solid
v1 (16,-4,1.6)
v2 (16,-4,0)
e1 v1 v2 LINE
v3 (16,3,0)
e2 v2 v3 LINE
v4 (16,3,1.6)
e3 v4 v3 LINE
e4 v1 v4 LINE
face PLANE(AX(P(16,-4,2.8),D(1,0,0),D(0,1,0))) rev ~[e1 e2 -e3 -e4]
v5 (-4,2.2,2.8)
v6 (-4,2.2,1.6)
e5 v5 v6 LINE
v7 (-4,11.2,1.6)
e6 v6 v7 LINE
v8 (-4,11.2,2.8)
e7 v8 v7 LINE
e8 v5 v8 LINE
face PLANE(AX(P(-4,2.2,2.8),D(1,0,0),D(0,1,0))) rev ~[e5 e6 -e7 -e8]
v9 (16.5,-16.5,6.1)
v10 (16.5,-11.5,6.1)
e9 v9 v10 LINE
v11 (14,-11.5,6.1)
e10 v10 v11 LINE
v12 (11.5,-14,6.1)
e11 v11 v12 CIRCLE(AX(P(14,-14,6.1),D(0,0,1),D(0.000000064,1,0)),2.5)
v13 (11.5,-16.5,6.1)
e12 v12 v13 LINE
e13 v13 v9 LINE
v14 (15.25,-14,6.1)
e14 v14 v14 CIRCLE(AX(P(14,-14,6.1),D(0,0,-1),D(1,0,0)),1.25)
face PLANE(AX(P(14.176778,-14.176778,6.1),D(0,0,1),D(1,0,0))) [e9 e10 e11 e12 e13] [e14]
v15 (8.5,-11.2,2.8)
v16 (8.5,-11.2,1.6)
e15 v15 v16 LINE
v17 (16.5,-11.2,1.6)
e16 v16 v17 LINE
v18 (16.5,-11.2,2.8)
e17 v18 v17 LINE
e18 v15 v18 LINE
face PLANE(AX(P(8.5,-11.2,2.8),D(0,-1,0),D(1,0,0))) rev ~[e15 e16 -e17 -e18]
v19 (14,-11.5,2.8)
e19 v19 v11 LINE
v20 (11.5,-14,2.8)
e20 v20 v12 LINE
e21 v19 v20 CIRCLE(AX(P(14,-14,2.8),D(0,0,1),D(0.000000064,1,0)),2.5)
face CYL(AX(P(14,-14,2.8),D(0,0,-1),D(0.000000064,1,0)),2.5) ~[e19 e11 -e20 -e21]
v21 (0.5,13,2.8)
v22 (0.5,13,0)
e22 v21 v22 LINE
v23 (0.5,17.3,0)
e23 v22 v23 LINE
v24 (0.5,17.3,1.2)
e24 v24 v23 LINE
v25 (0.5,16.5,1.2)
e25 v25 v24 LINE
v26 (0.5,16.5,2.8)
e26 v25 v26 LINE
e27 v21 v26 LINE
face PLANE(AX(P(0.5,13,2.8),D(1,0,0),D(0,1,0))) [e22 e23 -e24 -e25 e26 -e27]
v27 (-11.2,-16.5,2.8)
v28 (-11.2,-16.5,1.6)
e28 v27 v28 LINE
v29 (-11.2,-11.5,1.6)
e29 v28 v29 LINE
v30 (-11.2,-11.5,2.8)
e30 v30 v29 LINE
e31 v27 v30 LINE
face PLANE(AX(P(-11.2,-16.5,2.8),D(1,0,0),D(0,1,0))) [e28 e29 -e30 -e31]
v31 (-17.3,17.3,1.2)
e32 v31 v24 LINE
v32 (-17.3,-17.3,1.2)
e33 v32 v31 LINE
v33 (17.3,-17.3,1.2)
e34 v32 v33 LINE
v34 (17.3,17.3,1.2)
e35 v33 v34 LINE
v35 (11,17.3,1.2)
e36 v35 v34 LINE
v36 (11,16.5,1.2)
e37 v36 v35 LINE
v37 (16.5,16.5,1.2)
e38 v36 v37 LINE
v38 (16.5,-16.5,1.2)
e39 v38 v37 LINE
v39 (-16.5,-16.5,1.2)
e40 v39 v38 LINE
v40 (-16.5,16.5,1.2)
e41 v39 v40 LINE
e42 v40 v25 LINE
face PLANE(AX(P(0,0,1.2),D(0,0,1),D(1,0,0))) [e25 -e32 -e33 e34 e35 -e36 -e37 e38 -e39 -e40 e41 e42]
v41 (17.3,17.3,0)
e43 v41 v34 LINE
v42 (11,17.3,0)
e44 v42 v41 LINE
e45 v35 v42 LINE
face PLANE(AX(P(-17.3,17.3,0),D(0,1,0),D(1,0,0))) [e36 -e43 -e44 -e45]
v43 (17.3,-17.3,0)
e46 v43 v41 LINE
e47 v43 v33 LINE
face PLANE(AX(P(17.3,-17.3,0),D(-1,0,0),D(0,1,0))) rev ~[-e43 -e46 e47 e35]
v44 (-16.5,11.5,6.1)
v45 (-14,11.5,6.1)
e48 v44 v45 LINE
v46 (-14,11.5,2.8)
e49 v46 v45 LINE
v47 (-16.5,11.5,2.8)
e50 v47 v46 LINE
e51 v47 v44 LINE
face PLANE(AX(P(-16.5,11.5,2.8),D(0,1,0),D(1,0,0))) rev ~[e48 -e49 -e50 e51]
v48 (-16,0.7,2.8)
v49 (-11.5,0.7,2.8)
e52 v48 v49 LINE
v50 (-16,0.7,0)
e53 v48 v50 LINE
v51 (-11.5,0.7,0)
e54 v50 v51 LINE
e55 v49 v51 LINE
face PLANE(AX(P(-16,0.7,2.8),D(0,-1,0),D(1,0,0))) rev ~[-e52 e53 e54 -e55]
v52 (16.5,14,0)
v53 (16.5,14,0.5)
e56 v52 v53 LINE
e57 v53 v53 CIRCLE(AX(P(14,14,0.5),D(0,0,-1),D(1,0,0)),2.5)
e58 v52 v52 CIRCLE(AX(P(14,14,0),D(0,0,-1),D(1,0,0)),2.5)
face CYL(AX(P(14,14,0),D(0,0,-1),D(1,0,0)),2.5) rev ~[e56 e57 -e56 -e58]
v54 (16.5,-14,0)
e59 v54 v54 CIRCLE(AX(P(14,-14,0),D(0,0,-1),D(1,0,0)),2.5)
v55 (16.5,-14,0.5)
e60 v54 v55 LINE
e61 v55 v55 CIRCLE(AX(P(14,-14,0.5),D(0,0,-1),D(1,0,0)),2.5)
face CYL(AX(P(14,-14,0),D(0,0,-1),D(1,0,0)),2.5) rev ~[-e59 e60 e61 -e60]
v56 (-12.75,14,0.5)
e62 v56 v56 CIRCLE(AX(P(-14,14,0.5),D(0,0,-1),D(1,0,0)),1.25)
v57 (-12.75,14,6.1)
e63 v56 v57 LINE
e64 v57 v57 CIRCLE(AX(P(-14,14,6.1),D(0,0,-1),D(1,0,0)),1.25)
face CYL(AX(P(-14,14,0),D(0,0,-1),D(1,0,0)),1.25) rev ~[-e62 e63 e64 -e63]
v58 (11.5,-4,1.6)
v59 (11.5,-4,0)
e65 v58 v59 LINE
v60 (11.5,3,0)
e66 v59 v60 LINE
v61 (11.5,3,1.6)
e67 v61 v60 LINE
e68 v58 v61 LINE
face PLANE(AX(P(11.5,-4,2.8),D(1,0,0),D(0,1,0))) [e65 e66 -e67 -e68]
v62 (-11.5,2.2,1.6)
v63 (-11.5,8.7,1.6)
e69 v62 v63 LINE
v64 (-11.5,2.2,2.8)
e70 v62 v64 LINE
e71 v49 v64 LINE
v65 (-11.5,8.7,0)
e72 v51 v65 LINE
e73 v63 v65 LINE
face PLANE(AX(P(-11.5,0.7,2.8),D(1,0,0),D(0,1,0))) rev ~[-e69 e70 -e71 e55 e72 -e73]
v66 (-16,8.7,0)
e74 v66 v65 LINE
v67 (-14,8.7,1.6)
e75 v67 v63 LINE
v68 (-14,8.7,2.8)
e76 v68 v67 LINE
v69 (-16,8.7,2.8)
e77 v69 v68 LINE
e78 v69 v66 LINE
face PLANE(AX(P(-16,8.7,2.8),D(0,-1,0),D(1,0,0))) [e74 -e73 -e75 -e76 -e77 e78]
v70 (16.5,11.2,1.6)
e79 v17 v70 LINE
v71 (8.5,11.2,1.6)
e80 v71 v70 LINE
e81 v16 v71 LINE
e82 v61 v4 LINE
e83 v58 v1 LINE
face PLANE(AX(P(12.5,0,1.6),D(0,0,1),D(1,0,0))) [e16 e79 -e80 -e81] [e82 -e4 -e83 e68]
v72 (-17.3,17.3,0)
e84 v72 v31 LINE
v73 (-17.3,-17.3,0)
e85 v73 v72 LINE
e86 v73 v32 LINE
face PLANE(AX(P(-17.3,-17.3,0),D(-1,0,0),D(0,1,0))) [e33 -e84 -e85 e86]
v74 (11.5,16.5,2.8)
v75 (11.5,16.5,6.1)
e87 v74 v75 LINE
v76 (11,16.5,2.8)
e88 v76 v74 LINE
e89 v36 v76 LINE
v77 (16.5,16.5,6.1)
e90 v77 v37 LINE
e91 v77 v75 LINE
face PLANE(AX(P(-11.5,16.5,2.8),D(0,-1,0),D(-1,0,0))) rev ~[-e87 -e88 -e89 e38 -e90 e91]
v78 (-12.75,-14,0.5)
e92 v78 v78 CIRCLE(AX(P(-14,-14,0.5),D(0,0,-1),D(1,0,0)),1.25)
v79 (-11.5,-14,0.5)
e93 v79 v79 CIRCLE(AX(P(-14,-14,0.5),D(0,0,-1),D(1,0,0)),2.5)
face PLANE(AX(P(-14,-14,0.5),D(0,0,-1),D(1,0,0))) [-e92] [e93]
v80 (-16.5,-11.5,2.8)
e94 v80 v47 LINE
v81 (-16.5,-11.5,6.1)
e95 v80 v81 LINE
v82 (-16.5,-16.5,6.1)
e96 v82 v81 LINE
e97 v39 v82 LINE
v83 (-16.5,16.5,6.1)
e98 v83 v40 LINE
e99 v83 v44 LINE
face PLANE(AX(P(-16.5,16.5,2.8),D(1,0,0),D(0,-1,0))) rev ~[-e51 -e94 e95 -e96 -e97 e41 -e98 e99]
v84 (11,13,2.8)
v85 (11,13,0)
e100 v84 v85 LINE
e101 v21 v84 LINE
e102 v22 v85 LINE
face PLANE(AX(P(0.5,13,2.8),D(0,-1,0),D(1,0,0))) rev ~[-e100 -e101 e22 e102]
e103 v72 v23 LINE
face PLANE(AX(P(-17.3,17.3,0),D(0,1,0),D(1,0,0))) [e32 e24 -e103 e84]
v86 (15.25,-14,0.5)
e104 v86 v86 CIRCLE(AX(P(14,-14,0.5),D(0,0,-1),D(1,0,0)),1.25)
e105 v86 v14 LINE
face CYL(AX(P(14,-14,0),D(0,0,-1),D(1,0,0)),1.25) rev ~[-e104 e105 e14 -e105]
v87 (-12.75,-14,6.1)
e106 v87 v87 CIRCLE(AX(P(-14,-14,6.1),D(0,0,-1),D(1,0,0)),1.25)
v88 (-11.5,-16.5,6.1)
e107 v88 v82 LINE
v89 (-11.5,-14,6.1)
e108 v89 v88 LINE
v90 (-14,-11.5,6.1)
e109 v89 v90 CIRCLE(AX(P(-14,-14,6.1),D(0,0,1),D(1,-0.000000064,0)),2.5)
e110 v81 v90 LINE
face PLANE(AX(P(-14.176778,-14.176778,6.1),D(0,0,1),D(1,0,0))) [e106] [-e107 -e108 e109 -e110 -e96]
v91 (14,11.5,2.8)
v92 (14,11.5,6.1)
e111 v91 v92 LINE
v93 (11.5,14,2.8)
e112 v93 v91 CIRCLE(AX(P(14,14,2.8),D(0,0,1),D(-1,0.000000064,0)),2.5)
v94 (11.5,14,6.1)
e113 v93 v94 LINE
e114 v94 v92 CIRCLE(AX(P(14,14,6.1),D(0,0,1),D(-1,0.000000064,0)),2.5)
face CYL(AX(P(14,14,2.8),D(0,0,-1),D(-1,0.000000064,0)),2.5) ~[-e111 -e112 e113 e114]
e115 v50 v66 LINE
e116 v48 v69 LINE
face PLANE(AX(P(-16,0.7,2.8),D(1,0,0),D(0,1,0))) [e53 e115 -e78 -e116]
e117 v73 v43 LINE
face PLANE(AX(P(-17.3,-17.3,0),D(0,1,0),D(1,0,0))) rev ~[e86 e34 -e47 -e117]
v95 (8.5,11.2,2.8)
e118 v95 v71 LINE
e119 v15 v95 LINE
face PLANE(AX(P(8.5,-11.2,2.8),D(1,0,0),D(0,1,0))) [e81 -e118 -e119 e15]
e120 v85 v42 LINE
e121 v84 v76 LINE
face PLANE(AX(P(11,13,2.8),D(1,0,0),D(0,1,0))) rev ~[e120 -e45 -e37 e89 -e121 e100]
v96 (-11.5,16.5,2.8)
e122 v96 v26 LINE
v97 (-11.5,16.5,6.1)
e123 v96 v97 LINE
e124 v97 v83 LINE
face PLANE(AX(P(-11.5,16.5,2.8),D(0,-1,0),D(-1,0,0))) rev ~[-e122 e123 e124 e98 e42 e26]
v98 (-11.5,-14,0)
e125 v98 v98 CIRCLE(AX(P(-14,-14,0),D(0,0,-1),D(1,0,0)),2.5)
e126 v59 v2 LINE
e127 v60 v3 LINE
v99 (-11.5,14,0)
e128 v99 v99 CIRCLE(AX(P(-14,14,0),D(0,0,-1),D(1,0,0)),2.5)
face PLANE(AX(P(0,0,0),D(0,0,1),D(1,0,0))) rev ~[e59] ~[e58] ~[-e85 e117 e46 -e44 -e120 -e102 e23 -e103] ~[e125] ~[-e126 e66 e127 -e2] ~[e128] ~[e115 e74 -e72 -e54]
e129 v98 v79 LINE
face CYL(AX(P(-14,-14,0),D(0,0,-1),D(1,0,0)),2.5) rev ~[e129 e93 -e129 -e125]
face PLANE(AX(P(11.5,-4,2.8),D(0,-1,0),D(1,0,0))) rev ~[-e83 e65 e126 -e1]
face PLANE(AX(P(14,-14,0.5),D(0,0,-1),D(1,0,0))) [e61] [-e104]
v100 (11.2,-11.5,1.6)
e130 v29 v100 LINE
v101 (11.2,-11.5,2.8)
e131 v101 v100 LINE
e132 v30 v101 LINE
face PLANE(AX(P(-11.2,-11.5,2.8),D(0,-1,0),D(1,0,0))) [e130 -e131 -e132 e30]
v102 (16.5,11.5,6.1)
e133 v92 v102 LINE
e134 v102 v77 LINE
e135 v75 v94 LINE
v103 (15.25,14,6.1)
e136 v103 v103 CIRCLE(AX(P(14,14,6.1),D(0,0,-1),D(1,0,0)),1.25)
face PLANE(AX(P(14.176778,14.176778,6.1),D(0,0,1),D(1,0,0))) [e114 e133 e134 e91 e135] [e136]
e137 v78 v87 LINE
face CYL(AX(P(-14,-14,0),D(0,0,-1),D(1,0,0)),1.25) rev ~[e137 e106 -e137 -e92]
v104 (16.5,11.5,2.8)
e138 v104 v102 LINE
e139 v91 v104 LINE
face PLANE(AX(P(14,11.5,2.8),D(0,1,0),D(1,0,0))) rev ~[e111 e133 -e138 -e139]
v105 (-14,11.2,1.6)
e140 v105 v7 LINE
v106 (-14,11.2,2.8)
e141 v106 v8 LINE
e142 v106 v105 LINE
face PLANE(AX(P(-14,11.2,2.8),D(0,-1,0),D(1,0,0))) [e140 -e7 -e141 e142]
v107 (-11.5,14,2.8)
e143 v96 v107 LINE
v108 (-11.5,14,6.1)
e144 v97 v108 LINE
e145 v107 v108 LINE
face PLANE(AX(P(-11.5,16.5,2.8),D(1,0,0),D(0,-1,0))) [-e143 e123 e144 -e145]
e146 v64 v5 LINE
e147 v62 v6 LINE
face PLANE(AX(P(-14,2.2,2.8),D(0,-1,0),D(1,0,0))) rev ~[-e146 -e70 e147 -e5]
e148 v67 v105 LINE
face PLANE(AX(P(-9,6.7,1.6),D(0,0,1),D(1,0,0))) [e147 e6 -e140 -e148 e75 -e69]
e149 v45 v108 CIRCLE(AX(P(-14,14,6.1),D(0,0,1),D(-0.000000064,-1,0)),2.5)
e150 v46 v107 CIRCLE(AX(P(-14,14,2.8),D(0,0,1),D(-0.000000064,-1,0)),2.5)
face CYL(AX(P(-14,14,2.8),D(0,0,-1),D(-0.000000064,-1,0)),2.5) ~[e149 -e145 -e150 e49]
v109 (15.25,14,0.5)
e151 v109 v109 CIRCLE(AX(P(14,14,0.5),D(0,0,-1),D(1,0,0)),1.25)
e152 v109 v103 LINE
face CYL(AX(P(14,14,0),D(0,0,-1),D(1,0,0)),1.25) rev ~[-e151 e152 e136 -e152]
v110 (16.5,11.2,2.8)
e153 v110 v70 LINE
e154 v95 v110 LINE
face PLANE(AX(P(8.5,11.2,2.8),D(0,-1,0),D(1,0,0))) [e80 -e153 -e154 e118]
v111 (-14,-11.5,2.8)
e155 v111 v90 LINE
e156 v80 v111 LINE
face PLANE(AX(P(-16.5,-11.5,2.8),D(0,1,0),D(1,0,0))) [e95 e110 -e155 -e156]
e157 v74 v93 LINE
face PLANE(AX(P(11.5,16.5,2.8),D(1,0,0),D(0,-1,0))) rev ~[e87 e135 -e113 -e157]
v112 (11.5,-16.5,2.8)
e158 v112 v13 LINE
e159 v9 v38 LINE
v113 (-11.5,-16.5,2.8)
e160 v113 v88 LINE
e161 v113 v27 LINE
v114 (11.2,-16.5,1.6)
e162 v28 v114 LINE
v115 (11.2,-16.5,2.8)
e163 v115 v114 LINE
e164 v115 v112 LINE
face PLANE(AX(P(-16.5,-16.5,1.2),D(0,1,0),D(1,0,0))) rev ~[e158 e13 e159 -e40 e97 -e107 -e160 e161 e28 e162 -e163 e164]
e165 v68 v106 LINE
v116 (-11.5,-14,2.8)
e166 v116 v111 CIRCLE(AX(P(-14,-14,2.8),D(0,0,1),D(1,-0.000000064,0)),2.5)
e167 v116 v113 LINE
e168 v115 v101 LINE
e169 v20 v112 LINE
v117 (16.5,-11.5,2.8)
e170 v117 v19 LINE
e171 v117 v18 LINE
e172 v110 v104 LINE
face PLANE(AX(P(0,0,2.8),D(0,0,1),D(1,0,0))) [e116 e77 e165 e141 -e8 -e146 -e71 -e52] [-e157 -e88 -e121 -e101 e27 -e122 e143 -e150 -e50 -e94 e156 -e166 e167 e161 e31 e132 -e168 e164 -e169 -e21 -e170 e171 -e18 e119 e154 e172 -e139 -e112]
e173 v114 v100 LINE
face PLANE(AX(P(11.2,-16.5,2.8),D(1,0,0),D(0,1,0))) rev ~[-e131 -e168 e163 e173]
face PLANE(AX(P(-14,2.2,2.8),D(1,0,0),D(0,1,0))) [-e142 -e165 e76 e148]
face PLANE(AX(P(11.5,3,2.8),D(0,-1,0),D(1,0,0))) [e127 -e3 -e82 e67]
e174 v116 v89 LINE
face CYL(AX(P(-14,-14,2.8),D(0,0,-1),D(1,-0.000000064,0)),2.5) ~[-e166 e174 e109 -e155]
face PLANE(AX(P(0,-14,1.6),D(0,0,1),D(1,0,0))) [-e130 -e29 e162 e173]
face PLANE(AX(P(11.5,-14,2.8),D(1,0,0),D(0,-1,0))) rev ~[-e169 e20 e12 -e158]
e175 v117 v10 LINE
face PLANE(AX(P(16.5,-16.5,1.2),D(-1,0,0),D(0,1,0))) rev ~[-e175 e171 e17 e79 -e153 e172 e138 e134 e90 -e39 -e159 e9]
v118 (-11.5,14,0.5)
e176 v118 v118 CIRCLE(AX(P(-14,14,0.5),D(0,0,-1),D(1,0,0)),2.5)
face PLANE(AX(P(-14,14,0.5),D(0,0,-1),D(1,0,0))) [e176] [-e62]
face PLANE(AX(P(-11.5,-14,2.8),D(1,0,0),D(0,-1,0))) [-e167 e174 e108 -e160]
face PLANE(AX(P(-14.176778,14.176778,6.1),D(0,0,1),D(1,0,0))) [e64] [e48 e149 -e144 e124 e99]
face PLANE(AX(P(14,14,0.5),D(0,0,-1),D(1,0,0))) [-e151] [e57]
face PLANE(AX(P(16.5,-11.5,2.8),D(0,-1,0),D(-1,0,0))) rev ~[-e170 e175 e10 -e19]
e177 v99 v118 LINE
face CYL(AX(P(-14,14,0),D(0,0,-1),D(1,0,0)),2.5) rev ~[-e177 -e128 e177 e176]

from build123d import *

# Parameters (mm, degrees)
CLONE2D_W       = 34.6
CLONE2D_H       = 34.6
PAD004_DEPTH    = 1.2
SKETCH019_W     = 33
SKETCH019_H     = 33
PAD005_DEPTH    = 1.6
PAD006_DEPTH    = 3.3
SKETCH021_W     = 8
SKETCH021_H     = 22.4
SKETCH021_W_2   = 22.4
SKETCH021_H_2   = 5
SKETCH021_W_3   = 10
SKETCH021_H_3   = 9
POCKET014_DEPTH = 1.2
SKETCH022_R     = 2.5
POCKET015_DEPTH = 0.5
SKETCH023_R     = 1.25
POCKET016_DEPTH = 6.101
SKETCH024_W     = 10.5
SKETCH024_H     = 4.5
SKETCH024_W_2   = 4.5
SKETCH024_H_2   = 8
SKETCH024_H_3   = 7
POCKET017_DEPTH = 2.801


with BuildPart() as part:
    # Clone2D → Pad004 (new body)
    with BuildSketch(Plane.XY):
        Rectangle(CLONE2D_W, CLONE2D_H)
    extrude(amount=PAD004_DEPTH)

    # Sketch019 → Pad005 (new body)
    with BuildSketch(Plane.XY.offset(1.2)):
        Rectangle(SKETCH019_W, SKETCH019_H)
    extrude(amount=PAD005_DEPTH)

    # Sketch020 → Pad006 (new body)
    with BuildSketch(Plane.XY.offset(2.8)):
        with BuildLine():
            ThreePointArc((-14, 11.5), (-12.232233, 12.232233), (-11.5, 14))
            Line((-11.5, 16.5), (-11.5, 14))
            Line((-11.5, 16.5), (-16.5, 16.5))
            Line((-16.5, 16.5), (-16.5, 11.5))
            Line((-16.5, 11.5), (-14, 11.5))
        make_face()
        with BuildLine():
            ThreePointArc((11.5, 14), (12.232233, 12.232233), (14, 11.5))
            Line((14, 11.5), (16.5, 11.5))
            Line((16.5, 11.5), (16.5, 16.5))
            Line((16.5, 16.5), (11.5, 16.5))
            Line((11.5, 16.5), (11.5, 14))
        make_face()
        with BuildLine():
            ThreePointArc((-11.5, -14), (-12.232233, -12.232233), (-14, -11.5))
            Line((-16.5, -11.5), (-14, -11.5))
            Line((-16.5, -16.5), (-16.5, -11.5))
            Line((-11.5, -16.5), (-16.5, -16.5))
            Line((-11.5, -14), (-11.5, -16.5))
        make_face()
        with BuildLine():
            ThreePointArc((14, -11.5), (12.232233, -12.232233), (11.5, -14))
            Line((11.5, -14), (11.5, -16.5))
            Line((11.5, -16.5), (16.5, -16.5))
            Line((16.5, -16.5), (16.5, -11.5))
            Line((16.5, -11.5), (14, -11.5))
        make_face()
    extrude(amount=PAD006_DEPTH)

    # Sketch021 → Pocket014 (cut)
    with BuildSketch(Plane.XY.offset(2.8)):
        with Locations((12.5, 0)):
            Rectangle(SKETCH021_W, SKETCH021_H)
        with Locations((0, -14)):
            Rectangle(SKETCH021_W_2, SKETCH021_H_2)
        with Locations((-9, 6.7)):
            Rectangle(SKETCH021_W_3, SKETCH021_H_3)
    extrude(amount=-POCKET014_DEPTH, mode=Mode.SUBTRACT)

    # Sketch022 → Pocket015 (cut)
    with BuildSketch(Plane(origin=(0, 0, 0), x_dir=(1, 0, 0), z_dir=(0, 0, -1))):
        with Locations((-14, 14)):
            Circle(SKETCH022_R)
        with Locations((14, 14)):
            Circle(SKETCH022_R)
        with Locations((-14, -14)):
            Circle(SKETCH022_R)
        with Locations((14, -14)):
            Circle(SKETCH022_R)
    extrude(amount=-POCKET015_DEPTH, mode=Mode.SUBTRACT)

    # Sketch023 → Pocket016 (cut, through all)
    with BuildSketch(Plane(origin=(0, 0, 0), x_dir=(1, 0, 0), z_dir=(0, 0, -1))):
        with Locations((-14, 14)):
            Circle(SKETCH023_R)
        with Locations((14, 14)):
            Circle(SKETCH023_R)
        with Locations((-14, -14)):
            Circle(SKETCH023_R)
        with Locations((14, -14)):
            Circle(SKETCH023_R)
    extrude(amount=-POCKET016_DEPTH, mode=Mode.SUBTRACT)

    # Sketch024 → Pocket017 (cut, through all)
    with BuildSketch(Plane.XY.offset(2.8)):
        with Locations((5.75, 15.25)):
            Rectangle(SKETCH024_W, SKETCH024_H)
        with Locations((-13.75, 4.7)):
            Rectangle(SKETCH024_W_2, SKETCH024_H_2)
        with Locations((13.75, -0.5)):
            Rectangle(SKETCH024_W_2, SKETCH024_H_3)
    extrude(amount=-POCKET017_DEPTH, mode=Mode.SUBTRACT)


solid = part.part
